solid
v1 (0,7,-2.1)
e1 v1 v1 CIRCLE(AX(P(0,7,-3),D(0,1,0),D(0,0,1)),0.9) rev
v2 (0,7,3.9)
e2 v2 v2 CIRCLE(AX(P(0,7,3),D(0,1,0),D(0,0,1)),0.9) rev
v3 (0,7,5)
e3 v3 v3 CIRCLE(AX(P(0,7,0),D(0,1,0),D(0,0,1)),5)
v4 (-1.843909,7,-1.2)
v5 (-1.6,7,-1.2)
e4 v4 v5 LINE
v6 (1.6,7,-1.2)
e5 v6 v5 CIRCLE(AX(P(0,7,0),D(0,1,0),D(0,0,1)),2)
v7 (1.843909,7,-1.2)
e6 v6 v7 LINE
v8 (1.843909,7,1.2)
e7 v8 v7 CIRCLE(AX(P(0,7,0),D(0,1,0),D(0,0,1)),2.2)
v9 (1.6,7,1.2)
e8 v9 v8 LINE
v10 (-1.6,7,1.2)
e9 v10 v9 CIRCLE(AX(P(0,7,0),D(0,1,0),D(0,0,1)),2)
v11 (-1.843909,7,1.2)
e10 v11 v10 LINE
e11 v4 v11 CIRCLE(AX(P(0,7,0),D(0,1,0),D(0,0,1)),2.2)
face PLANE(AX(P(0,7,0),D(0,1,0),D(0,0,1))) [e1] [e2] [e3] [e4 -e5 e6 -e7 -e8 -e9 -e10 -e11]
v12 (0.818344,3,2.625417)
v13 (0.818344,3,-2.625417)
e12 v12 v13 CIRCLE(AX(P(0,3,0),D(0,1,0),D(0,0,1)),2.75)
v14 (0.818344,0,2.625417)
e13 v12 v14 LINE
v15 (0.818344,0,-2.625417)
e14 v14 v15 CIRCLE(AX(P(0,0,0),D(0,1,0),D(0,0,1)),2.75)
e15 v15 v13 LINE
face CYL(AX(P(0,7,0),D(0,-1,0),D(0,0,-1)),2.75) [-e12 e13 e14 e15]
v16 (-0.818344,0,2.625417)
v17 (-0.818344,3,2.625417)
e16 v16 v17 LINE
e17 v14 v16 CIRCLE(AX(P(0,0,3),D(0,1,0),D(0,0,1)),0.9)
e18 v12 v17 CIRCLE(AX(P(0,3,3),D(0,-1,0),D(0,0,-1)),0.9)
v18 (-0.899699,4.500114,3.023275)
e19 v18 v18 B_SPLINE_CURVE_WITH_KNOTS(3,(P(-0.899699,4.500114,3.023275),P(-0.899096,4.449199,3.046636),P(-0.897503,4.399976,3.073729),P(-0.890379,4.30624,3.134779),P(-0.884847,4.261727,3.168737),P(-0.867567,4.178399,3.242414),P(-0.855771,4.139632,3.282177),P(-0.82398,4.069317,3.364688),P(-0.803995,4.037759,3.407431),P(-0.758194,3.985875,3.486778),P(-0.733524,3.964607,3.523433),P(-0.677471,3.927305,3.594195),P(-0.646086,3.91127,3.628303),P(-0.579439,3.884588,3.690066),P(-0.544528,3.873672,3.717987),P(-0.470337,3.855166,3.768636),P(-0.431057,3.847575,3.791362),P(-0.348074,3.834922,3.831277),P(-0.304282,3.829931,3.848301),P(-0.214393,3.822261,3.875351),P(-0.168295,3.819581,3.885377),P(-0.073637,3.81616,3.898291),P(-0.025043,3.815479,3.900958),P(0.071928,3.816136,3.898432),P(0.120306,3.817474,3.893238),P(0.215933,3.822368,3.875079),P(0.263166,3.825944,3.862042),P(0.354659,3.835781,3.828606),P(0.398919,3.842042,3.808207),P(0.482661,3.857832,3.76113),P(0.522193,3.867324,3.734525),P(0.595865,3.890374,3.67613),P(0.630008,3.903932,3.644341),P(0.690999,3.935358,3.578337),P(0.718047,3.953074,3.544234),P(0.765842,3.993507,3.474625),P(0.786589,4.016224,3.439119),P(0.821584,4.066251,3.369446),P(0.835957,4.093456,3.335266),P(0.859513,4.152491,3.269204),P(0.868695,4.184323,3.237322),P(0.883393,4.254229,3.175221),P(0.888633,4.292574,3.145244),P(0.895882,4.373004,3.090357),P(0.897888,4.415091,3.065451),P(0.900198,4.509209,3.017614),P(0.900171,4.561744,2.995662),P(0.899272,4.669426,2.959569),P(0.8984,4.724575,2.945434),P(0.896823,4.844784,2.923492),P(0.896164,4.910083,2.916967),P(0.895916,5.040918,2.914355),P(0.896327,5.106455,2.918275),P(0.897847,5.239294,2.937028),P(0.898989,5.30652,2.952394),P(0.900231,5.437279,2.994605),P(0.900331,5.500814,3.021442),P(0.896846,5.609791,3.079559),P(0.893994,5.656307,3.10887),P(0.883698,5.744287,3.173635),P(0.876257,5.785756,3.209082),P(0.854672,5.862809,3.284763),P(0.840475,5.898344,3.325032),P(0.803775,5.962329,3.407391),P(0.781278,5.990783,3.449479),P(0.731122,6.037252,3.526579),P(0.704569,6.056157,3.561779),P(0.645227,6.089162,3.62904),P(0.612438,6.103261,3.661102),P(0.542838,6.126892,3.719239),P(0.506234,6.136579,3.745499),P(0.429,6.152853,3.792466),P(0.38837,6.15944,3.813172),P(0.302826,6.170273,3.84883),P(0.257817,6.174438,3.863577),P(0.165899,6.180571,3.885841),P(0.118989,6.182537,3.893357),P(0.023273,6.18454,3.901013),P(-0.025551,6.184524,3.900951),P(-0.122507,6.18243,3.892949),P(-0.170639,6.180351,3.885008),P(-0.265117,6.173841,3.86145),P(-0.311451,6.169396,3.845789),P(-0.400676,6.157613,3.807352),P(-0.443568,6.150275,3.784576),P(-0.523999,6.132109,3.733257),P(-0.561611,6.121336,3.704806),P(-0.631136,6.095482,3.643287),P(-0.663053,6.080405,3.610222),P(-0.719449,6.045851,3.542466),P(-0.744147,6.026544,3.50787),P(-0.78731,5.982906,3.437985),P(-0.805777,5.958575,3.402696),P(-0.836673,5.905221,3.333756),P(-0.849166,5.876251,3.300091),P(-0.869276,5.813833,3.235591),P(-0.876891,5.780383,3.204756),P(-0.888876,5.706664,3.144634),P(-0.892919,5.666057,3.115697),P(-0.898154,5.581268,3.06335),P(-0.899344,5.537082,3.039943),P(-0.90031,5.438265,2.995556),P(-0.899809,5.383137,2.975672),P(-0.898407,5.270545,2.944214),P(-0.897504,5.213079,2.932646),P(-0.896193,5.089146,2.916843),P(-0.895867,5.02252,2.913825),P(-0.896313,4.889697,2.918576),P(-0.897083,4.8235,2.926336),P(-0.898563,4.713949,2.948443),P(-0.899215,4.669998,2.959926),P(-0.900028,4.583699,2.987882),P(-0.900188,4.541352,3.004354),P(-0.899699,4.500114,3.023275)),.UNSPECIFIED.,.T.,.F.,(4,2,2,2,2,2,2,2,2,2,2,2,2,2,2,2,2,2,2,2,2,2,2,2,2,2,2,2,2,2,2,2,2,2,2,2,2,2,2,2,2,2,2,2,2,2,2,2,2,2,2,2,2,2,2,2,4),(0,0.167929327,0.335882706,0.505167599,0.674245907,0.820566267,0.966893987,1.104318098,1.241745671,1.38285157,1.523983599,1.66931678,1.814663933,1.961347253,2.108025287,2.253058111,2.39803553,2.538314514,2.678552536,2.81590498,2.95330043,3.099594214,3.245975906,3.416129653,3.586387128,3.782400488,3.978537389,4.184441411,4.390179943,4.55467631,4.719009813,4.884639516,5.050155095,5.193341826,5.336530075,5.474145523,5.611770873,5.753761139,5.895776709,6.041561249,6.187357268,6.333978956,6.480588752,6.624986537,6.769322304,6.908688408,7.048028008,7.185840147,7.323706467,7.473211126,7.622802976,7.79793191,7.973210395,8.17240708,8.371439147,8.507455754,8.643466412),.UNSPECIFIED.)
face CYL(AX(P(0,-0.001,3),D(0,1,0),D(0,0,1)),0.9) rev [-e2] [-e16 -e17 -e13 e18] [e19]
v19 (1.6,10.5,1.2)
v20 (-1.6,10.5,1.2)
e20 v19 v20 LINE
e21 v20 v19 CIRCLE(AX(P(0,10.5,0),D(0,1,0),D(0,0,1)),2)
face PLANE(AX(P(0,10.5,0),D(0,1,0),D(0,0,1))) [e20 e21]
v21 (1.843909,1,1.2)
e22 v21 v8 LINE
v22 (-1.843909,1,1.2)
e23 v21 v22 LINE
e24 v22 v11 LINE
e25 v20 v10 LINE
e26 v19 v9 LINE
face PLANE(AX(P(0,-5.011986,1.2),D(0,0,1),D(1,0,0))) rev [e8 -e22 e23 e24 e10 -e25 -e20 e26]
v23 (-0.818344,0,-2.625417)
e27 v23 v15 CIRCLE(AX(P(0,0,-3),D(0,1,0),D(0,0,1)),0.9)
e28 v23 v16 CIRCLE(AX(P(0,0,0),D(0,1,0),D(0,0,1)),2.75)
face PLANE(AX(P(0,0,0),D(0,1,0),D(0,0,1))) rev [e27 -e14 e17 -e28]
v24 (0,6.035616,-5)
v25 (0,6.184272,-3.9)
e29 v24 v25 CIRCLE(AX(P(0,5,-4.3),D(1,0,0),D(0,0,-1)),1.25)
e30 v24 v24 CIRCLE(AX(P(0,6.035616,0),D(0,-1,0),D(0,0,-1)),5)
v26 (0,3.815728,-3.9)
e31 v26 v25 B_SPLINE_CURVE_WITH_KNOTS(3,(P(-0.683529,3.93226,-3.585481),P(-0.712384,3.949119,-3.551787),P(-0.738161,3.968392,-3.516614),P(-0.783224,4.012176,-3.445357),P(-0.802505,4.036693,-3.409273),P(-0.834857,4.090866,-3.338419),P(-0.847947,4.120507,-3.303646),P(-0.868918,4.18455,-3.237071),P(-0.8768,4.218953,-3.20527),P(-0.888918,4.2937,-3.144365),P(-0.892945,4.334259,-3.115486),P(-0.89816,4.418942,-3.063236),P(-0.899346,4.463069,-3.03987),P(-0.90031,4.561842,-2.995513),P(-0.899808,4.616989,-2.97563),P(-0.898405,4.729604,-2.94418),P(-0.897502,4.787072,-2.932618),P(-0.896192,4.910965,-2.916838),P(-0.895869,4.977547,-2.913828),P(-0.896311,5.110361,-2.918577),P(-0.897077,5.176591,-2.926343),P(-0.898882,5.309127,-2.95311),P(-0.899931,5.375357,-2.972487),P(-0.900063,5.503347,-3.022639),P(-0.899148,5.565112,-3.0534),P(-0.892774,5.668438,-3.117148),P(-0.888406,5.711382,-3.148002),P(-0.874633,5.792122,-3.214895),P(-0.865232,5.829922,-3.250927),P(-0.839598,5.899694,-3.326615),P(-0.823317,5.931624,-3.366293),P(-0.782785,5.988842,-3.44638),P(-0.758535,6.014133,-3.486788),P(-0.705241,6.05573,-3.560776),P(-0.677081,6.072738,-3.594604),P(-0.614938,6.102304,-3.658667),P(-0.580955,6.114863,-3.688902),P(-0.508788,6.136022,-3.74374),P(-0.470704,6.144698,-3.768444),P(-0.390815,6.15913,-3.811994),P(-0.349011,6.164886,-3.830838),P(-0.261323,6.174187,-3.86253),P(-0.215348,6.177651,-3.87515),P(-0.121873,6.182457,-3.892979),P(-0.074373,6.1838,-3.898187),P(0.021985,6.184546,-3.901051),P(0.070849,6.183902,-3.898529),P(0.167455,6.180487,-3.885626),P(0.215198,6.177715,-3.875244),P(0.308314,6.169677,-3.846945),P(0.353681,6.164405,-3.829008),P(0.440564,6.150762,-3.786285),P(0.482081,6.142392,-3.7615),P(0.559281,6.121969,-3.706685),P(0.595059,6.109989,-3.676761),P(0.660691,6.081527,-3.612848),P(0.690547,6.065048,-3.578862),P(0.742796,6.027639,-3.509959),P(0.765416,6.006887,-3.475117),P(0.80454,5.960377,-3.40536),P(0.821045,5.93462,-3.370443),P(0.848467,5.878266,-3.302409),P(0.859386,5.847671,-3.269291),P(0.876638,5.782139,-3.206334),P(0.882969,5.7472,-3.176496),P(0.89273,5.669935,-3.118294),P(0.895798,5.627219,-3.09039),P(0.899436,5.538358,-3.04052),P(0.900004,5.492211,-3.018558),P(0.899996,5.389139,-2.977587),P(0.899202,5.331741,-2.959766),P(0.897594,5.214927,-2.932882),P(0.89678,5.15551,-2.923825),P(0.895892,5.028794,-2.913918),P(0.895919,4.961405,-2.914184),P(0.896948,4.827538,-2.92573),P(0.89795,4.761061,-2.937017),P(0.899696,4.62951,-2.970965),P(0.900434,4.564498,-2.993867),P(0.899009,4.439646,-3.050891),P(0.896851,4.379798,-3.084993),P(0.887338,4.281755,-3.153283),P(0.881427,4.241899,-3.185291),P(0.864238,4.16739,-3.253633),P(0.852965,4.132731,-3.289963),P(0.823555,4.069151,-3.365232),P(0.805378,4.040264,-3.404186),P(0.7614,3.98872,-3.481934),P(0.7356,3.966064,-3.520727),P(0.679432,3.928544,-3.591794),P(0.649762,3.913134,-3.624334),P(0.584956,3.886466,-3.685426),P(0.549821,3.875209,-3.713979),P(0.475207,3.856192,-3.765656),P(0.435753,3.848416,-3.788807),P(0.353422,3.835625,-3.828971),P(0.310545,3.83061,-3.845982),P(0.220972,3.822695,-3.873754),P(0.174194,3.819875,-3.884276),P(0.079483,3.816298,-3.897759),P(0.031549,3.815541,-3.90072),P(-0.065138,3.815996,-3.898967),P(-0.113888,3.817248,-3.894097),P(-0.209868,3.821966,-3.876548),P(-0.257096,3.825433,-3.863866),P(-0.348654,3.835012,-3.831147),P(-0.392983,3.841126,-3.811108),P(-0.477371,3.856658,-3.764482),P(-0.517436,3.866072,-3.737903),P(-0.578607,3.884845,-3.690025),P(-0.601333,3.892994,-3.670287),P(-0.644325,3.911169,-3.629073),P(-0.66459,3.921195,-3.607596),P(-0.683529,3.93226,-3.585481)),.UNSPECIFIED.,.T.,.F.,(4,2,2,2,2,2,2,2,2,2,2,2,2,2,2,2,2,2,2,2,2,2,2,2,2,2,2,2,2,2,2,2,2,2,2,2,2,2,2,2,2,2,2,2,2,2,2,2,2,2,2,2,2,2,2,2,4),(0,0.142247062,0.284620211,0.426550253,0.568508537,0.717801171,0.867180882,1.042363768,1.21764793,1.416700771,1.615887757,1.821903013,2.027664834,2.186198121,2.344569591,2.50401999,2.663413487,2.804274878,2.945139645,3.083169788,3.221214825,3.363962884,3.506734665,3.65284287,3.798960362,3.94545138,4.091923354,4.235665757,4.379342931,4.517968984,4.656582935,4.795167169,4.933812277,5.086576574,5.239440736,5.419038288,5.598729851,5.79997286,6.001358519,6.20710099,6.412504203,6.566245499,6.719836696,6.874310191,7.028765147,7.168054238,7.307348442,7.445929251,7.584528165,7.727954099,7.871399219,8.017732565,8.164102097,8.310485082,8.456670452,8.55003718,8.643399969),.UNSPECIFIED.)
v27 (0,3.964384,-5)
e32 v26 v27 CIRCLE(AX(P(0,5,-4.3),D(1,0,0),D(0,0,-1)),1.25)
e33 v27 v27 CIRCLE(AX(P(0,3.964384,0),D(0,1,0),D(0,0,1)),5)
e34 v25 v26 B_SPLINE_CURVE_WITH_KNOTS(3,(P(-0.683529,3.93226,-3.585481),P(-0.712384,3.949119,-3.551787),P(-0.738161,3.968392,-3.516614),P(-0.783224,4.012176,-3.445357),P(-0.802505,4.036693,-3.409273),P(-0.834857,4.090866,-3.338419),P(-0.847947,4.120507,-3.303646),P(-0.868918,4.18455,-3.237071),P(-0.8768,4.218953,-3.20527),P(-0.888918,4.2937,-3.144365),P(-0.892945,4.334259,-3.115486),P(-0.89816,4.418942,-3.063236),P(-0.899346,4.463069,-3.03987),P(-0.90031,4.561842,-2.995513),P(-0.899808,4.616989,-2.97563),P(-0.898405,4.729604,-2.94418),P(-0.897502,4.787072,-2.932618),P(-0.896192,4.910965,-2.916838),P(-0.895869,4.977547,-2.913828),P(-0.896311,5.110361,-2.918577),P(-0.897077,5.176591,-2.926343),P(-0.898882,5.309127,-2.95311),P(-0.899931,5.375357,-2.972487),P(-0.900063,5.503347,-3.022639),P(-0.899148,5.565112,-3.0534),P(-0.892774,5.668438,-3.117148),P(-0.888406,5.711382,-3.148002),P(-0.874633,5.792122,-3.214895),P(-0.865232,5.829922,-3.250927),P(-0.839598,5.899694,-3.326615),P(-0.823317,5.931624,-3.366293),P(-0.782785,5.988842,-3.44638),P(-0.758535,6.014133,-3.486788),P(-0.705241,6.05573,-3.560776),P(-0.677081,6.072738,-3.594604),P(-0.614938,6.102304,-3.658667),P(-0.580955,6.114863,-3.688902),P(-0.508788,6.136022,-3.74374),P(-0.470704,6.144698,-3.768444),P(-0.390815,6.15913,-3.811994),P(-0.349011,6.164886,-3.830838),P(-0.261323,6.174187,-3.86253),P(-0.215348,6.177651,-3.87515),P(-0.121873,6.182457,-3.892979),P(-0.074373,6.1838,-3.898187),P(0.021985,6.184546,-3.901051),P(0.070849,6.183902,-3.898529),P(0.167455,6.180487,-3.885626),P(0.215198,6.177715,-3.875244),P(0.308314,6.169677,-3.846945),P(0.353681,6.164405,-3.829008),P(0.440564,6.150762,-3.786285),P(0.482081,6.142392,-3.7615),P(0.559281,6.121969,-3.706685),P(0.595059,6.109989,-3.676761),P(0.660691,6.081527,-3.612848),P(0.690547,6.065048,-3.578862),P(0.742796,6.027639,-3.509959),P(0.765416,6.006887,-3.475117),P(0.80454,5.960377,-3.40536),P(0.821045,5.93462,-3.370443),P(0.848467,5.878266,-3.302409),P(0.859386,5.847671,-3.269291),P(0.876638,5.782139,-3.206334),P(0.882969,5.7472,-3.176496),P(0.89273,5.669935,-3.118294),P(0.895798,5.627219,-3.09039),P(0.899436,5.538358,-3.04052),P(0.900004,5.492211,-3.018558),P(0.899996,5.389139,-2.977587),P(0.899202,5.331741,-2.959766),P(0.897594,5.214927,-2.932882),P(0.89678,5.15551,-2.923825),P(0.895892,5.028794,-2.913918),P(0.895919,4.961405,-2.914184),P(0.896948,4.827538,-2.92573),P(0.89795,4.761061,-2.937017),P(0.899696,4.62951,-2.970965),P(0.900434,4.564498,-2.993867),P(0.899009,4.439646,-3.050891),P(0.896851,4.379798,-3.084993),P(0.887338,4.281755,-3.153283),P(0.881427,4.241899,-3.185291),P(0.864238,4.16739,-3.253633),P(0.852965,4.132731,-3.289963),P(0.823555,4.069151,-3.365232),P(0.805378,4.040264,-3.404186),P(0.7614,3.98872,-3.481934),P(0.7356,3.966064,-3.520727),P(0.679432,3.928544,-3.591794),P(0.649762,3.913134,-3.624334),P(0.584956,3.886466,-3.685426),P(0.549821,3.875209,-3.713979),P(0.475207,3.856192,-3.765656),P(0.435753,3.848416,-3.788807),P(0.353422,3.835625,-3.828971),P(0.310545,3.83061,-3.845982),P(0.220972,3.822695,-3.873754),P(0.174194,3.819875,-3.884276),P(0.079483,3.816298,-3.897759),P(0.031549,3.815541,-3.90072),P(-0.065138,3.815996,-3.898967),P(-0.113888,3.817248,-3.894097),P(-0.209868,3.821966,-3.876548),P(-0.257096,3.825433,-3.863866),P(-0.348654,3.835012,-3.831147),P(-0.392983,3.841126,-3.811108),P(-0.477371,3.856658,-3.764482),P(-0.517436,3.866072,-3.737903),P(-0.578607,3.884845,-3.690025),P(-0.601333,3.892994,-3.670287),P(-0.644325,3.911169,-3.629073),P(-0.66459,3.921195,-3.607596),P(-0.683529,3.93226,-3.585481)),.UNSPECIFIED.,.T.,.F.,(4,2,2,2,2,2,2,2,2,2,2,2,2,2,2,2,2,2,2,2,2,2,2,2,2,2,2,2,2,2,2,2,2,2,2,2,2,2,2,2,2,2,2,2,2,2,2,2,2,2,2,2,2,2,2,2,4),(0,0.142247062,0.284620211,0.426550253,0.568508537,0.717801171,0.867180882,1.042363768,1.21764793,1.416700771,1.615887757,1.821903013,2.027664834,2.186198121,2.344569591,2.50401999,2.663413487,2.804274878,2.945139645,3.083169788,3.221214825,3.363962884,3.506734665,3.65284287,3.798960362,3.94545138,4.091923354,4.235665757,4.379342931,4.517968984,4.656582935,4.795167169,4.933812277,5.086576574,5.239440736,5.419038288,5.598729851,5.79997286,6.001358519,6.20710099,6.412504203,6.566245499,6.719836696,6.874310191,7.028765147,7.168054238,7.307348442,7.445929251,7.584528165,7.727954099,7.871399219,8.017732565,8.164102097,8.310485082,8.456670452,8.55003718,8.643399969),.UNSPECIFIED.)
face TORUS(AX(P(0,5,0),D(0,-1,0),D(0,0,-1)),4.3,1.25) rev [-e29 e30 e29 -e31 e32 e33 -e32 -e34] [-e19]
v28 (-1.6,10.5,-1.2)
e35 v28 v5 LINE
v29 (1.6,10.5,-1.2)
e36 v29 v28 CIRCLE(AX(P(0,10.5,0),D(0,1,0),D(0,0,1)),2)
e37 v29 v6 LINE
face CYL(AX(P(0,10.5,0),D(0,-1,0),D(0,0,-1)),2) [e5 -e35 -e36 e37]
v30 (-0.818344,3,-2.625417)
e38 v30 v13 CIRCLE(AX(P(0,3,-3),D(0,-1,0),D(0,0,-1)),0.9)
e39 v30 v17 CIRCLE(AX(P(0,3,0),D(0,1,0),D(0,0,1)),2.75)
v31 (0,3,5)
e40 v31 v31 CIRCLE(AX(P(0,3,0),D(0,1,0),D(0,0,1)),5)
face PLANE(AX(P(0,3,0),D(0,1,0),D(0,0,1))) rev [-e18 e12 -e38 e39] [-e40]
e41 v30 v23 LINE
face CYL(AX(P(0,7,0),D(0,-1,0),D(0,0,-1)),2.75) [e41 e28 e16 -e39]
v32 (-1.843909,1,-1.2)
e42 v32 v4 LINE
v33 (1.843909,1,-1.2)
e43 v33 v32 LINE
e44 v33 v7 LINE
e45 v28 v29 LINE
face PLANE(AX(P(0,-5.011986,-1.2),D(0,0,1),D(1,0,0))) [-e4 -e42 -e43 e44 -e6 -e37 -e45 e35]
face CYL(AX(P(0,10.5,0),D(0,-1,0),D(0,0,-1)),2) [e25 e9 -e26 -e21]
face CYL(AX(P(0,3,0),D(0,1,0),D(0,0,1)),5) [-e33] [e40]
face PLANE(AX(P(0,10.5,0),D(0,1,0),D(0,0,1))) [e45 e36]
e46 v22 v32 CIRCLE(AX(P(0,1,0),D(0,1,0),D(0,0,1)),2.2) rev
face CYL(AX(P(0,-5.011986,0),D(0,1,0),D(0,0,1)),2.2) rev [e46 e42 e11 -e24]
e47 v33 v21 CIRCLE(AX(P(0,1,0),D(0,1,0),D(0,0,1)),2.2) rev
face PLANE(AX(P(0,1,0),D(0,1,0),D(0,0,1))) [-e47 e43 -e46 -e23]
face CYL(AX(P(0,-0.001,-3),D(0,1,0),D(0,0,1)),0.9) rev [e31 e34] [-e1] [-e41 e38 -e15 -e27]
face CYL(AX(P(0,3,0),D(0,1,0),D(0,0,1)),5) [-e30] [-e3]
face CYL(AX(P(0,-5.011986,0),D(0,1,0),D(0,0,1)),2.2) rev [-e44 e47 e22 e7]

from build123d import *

# Parameters (mm, degrees)
SKETCH_1_R                      = 2.75
EXTRUDE_1_DEPTH                 = 7
CUT_EXTRUDE_1_DEPTH             = 6
EXTRUDE_2_DEPTH                 = 3.5
EXTRUDE_START                   = -4
SKETCH_5_R                      = 5
SKETCH_5_R_2                    = 2.75
EXTRUDE_3_DEPTH                 = 4
SWEEP_1_PROFILE_R               = 1.25
CUT_EXTRUDE_2_REACH             = 12.308
SKETCH_13_R                     = 0.9
CUT_EXTRUDE_2_DIRECTION_2_REACH = 12.308


with BuildPart() as part:
    # 草图1 → 凸台-拉伸1 (new body)
    with BuildSketch(Plane(origin=(0, 0, 0), x_dir=(1, 0, 0), z_dir=(0, 1, 0))):
        with Locations(Location((0, 0, 0), (0, 0, 270))):
            Circle(SKETCH_1_R)
    extrude(amount=EXTRUDE_1_DEPTH)

    # 草图2 → 切除-拉伸1 (cut)
    with BuildSketch(Plane(origin=(0, 7, 0), x_dir=(1, 0, 0), z_dir=(0, 1, 0))):
        with BuildLine():
            Line((1.843908891, 1.2), (-1.843908891, 1.2))
            ThreePointArc((-1.843908891, 1.2), (-2.2, 0), (-1.843908891, -1.2))
            Line((-1.843908891, -1.2), (1.843908891, -1.2))
            ThreePointArc((1.843908891, -1.2), (2.109099282, -0.625859584), (2.2, 0))
            ThreePointArc((2.2, 0), (2.109099282, 0.625859584), (1.843908891, 1.2))
        make_face()
    extrude(amount=-CUT_EXTRUDE_1_DEPTH, mode=Mode.SUBTRACT)

    # 草图4 → 凸台-拉伸2 (add)
    with BuildSketch(Plane(origin=(0, 7, 0), x_dir=(1, 0, 0), z_dir=(0, 1, 0))):
        with BuildLine():
            ThreePointArc((1.6, 1.2), (0, 2), (-1.6, 1.2))
            Line((-1.6, 1.2), (1.6, 1.2))
        make_face()
        with BuildLine():
            ThreePointArc((-1.6, -1.2), (0, -2), (1.6, -1.2))
            Line((1.6, -1.2), (-1.6, -1.2))
        make_face()
    extrude(amount=EXTRUDE_2_DEPTH)

    # 草图5 → 凸台-拉伸3 (add)
    with BuildSketch(Plane(origin=(0, 7, 0), x_dir=(1, 0, 0), z_dir=(0, 1, 0)).offset(EXTRUDE_START)):
        with Locations(Location((0, 0, 0), (0, 0, 270))):
            Circle(SKETCH_5_R)
        with Locations(Location((0, 0, 0), (0, 0, 270))):
            Circle(SKETCH_5_R_2, mode=Mode.SUBTRACT)
    extrude(amount=EXTRUDE_3_DEPTH)

    # 切除-扫描1: sweep along a path in 草图6
    with BuildLine(Plane(origin=(0, 5, 0), x_dir=(-1, 0, 0), z_dir=(0, -1, 0))) as sweep_1_path:
        CenterArc((0, 0), 4.3, 0, 360)
    # 切除-扫描1 profile (on start of the path) → 切除-扫描1 (sweep, cut)
    with BuildSketch(Plane(origin=(-4.3, 5, 0), x_dir=(-1, 0, 0), z_dir=(0, 0, -1))):
        Circle(SWEEP_1_PROFILE_R)
    sweep(path=sweep_1_path.line, mode=Mode.SUBTRACT)

    # 草图13 → 切除-拉伸2 (cut, up to next)
    with BuildSketch(Plane.XZ.offset(-3), mode=Mode.PRIVATE) as cut_extrude_2_sk1:
        with Locations(Location((0, 3, 0), (0, 0, 90))):
            Circle(SKETCH_13_R)
    cut_extrude_2_tool1 = extrude(cut_extrude_2_sk1.sketch, amount=-CUT_EXTRUDE_2_REACH, mode=Mode.PRIVATE) & part.part
    # 草图13 → 切除-拉伸2 (cut, up to next)
    with BuildSketch(Plane.XZ.offset(-3), mode=Mode.PRIVATE) as cut_extrude_2_sk2:
        with Locations(Location((0, -3, 0), (0, 0, 90))):
            Circle(SKETCH_13_R)
    cut_extrude_2_tool2 = extrude(cut_extrude_2_sk2.sketch, amount=-CUT_EXTRUDE_2_REACH, mode=Mode.PRIVATE) & part.part
    add(cut_extrude_2_tool1.solids().sort_by_distance((0, 3, 3))[0], mode=Mode.SUBTRACT)
    add(cut_extrude_2_tool2.solids().sort_by_distance((0, 3, -3))[0], mode=Mode.SUBTRACT)

    # 草图13 → 切除-拉伸2 direction 2 (cut, up to next)
    with BuildSketch(Plane.XZ.offset(-3), mode=Mode.PRIVATE) as cut_extrude_2_direction_2_sk1:
        with Locations(Location((0, 3, 0), (0, 0, 90))):
            Circle(SKETCH_13_R)
    cut_extrude_2_direction_2_tool1 = extrude(cut_extrude_2_direction_2_sk1.sketch, amount=CUT_EXTRUDE_2_DIRECTION_2_REACH, mode=Mode.PRIVATE) & part.part
    # 草图13 → 切除-拉伸2 direction 2 (cut, up to next)
    with BuildSketch(Plane.XZ.offset(-3), mode=Mode.PRIVATE) as cut_extrude_2_direction_2_sk2:
        with Locations(Location((0, -3, 0), (0, 0, 90))):
            Circle(SKETCH_13_R)
    cut_extrude_2_direction_2_tool2 = extrude(cut_extrude_2_direction_2_sk2.sketch, amount=CUT_EXTRUDE_2_DIRECTION_2_REACH, mode=Mode.PRIVATE) & part.part
    add(cut_extrude_2_direction_2_tool1.solids().sort_by_distance((0, 3, 3))[0], mode=Mode.SUBTRACT)
    add(cut_extrude_2_direction_2_tool2.solids().sort_by_distance((0, 3, -3))[0], mode=Mode.SUBTRACT)


solid = part.part
